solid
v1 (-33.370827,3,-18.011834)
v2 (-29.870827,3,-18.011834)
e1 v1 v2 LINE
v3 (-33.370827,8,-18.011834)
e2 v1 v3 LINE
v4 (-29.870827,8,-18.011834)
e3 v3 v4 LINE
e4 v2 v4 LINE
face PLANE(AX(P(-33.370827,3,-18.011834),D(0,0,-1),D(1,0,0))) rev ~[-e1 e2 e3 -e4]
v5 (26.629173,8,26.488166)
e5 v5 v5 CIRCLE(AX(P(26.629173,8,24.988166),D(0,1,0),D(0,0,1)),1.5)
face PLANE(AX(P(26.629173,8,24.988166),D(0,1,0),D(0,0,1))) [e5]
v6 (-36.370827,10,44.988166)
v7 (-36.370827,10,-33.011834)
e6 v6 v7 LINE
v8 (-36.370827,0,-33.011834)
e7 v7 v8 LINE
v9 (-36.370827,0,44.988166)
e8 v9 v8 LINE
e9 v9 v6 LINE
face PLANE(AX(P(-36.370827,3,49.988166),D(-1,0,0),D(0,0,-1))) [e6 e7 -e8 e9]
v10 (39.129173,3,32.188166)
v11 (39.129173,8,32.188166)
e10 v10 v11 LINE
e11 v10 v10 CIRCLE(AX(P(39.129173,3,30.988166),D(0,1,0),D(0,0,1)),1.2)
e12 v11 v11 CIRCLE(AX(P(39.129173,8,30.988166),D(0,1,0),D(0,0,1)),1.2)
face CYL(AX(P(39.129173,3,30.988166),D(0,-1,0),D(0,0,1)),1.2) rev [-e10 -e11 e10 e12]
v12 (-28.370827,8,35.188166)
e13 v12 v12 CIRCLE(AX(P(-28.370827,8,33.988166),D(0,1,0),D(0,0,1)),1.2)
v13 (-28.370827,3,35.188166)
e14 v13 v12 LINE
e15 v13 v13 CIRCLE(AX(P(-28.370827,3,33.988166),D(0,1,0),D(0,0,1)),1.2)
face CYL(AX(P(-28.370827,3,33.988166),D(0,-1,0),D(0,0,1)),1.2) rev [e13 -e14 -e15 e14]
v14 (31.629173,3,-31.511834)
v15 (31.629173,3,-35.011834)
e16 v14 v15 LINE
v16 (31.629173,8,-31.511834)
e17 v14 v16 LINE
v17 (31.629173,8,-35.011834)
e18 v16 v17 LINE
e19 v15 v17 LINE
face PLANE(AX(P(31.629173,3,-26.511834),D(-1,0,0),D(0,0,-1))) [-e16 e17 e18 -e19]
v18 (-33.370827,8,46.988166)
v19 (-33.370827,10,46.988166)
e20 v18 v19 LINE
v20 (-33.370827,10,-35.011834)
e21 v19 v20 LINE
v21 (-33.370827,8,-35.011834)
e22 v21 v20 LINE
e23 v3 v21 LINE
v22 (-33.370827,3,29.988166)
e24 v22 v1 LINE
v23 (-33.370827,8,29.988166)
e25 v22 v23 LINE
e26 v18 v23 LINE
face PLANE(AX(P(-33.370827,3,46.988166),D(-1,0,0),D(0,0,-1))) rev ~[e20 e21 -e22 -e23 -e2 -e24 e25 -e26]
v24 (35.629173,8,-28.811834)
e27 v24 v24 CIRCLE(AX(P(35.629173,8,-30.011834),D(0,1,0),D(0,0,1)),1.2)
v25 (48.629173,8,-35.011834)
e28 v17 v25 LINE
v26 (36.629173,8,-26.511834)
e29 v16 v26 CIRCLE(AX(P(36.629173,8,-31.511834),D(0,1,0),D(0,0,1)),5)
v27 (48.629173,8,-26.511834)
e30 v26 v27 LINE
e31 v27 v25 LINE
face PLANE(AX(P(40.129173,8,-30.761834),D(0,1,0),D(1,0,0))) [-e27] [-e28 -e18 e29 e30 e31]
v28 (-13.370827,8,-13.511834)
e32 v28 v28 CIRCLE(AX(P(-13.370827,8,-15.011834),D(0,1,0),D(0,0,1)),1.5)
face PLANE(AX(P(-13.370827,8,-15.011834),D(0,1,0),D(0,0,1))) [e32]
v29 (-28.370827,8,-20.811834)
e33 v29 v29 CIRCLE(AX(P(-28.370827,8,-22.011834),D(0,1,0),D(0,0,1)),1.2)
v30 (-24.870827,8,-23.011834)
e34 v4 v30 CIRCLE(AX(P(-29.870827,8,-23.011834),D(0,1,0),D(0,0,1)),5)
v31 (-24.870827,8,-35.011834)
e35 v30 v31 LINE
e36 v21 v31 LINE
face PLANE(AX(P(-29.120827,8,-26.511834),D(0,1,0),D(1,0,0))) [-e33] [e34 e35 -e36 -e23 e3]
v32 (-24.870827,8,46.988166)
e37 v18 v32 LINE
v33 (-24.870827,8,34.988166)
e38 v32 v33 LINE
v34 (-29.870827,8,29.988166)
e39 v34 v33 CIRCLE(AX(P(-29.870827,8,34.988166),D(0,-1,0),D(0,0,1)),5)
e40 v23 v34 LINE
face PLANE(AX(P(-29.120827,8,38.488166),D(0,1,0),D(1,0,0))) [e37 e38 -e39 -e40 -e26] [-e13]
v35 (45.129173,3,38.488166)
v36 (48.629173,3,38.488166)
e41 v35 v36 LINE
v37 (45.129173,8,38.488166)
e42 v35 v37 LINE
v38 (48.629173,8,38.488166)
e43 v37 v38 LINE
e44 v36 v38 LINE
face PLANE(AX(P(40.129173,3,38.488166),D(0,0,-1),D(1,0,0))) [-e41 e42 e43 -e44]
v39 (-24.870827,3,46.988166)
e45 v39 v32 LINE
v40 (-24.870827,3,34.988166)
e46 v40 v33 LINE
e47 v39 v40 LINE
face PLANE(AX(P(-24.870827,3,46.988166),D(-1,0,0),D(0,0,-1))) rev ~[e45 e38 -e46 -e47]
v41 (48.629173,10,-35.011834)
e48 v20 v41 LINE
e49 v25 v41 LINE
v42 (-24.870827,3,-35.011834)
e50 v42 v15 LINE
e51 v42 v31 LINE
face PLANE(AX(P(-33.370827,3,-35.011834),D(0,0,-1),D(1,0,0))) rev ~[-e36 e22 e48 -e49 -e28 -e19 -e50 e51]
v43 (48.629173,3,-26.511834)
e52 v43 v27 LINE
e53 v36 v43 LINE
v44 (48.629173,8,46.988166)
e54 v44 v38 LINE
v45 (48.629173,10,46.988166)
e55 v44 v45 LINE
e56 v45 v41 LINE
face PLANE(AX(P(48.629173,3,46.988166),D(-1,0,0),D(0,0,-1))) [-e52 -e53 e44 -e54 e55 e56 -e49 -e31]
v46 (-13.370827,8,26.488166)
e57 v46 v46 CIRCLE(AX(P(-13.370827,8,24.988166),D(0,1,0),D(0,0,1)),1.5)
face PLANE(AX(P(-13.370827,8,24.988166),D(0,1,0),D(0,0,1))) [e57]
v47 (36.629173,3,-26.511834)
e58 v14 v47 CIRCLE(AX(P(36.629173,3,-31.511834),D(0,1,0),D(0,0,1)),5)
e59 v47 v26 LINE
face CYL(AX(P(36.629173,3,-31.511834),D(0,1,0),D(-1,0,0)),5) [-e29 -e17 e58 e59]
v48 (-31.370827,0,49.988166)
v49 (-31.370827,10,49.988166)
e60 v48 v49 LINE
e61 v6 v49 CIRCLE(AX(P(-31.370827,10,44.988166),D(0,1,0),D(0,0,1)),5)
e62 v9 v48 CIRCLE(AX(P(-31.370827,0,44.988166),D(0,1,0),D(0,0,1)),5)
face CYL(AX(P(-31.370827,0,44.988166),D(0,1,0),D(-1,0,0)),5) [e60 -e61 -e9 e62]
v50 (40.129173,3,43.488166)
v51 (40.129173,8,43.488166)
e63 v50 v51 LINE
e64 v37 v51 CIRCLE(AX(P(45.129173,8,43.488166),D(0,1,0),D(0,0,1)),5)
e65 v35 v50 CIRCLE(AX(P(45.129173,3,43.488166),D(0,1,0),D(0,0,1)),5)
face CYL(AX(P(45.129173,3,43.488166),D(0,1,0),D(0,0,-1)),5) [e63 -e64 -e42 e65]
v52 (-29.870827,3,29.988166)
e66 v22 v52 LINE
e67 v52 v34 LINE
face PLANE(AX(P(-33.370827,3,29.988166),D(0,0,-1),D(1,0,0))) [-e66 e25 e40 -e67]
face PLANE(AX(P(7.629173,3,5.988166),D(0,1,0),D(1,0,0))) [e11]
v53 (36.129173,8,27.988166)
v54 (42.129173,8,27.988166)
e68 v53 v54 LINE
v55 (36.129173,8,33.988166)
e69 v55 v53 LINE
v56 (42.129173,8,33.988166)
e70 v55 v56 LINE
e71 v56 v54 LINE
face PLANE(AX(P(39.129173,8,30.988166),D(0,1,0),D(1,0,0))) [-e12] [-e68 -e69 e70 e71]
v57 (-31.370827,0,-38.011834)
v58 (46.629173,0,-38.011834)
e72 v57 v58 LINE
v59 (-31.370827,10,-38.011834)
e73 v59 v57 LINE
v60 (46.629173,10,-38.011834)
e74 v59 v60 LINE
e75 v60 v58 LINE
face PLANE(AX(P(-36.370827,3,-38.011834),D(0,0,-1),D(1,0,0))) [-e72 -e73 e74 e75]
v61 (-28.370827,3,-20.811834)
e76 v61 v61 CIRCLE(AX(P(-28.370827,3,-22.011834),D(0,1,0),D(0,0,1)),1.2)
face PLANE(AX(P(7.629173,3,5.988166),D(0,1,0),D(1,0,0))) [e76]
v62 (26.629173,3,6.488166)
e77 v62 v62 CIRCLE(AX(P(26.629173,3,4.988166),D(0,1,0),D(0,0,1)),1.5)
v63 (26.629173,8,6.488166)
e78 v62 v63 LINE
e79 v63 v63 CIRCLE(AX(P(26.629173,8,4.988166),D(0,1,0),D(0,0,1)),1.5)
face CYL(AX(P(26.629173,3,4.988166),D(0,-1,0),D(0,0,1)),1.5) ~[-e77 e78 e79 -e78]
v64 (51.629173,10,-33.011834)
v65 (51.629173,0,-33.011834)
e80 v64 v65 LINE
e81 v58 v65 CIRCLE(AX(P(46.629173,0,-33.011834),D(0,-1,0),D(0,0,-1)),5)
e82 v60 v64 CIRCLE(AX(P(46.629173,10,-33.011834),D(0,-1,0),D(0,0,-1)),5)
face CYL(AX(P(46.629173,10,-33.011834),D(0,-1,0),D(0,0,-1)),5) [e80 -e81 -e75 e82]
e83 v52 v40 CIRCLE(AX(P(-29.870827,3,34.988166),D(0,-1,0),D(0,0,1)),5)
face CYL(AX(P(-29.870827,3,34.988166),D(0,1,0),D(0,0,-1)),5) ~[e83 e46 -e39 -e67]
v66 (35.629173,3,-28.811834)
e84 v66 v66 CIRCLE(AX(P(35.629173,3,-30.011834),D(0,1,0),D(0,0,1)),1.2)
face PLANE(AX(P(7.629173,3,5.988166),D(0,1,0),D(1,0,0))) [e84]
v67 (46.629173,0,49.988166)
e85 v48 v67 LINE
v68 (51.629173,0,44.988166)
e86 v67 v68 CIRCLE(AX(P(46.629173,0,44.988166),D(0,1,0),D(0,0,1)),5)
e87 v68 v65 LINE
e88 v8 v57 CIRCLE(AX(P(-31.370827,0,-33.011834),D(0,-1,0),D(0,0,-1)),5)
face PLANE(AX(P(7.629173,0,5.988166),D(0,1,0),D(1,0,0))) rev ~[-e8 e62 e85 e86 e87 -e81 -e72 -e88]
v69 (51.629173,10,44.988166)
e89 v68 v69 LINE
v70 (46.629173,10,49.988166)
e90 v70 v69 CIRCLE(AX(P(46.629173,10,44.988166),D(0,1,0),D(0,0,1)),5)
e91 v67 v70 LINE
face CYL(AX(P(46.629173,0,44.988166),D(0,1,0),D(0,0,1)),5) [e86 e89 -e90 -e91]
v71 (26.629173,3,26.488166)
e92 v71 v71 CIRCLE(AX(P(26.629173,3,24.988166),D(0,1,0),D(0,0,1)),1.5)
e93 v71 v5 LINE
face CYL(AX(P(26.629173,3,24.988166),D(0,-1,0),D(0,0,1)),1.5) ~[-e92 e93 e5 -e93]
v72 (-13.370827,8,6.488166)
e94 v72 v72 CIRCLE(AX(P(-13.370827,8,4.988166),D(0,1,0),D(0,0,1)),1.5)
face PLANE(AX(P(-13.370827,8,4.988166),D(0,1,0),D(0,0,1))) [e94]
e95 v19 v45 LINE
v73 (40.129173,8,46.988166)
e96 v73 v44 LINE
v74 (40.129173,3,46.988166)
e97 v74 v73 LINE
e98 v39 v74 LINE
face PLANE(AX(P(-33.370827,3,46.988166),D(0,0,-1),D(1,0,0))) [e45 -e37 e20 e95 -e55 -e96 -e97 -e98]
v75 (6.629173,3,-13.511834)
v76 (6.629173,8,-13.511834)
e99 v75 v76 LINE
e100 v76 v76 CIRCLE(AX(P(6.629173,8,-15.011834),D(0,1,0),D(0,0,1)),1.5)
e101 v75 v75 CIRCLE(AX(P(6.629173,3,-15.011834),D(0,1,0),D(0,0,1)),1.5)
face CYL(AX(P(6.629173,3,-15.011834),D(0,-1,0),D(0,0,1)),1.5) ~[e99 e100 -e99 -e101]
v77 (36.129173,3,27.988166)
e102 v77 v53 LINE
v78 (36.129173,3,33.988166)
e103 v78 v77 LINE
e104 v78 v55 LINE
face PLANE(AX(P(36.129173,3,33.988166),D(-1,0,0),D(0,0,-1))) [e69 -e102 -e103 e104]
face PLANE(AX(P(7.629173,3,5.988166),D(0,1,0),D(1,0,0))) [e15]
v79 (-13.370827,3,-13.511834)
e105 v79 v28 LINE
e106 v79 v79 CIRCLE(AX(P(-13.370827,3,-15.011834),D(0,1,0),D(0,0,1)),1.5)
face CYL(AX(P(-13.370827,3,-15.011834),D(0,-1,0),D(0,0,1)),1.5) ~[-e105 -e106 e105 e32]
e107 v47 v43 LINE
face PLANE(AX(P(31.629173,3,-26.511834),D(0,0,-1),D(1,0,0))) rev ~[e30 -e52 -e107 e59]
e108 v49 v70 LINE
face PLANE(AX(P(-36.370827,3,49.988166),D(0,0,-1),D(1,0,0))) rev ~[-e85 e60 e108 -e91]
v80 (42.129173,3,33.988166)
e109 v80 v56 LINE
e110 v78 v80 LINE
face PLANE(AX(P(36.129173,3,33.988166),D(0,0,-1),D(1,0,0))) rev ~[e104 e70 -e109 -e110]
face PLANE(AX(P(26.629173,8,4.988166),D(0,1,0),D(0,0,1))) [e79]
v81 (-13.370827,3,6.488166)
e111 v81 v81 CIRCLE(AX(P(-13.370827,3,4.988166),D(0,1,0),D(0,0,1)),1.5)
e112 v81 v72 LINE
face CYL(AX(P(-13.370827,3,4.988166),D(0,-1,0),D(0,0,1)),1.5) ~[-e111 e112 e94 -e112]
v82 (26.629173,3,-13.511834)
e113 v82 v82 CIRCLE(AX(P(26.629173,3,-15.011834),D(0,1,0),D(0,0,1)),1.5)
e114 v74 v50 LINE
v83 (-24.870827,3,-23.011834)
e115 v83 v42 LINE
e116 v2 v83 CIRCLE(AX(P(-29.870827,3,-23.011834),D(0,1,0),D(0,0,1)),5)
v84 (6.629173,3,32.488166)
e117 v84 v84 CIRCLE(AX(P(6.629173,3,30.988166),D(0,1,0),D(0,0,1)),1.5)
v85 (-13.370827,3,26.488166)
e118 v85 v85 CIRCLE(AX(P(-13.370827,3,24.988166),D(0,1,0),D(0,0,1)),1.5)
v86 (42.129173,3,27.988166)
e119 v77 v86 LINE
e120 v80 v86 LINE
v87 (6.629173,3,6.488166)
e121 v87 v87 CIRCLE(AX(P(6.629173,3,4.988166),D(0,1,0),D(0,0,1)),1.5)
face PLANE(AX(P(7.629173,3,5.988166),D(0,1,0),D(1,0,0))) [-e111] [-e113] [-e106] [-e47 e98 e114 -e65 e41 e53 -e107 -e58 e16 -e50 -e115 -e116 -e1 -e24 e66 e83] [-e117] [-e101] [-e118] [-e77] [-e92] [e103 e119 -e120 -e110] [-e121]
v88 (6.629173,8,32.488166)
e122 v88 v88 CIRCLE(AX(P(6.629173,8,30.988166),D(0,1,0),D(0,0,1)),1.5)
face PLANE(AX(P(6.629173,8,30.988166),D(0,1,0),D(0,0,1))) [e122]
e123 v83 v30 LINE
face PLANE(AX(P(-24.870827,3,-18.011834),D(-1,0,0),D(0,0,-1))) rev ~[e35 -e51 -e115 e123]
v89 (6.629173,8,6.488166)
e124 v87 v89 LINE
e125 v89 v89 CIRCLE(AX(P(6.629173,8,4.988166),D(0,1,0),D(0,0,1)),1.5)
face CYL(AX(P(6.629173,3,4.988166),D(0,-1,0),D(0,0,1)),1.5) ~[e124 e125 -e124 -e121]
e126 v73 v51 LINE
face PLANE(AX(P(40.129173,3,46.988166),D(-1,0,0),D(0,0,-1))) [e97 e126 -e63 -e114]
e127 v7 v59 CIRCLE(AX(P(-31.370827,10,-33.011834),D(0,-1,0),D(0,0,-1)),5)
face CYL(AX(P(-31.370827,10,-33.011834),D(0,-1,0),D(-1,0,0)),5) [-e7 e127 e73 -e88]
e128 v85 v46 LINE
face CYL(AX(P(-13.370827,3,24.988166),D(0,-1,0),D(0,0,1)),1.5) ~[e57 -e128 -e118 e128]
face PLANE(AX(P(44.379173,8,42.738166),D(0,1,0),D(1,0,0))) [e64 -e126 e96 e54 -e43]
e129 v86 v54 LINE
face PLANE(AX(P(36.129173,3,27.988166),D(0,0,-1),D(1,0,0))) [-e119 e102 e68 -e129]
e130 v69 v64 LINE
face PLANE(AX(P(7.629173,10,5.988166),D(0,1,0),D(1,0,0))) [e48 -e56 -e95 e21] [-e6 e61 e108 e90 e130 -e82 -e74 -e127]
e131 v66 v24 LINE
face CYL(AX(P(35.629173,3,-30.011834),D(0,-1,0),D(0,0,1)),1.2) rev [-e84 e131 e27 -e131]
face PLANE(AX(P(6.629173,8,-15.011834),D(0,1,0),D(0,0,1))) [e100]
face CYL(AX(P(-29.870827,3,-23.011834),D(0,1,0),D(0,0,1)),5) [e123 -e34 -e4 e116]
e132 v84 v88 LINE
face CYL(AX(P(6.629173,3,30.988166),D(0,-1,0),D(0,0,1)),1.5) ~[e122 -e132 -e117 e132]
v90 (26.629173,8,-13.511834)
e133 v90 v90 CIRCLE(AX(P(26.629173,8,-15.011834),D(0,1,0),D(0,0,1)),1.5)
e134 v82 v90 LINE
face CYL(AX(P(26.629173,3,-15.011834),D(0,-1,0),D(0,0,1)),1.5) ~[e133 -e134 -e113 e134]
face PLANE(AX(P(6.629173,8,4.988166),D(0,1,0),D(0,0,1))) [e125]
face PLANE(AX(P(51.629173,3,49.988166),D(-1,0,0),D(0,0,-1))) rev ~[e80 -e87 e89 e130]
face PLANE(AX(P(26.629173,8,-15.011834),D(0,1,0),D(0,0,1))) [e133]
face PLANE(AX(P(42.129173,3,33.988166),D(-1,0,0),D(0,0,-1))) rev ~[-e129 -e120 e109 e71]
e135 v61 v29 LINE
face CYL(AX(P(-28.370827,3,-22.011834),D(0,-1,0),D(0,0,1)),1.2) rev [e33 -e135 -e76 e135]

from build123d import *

# Parameters (mm, degrees)
SKETCH_1_W      = 88
SKETCH_1_H      = 88
EXTRUDE_1_DEPTH = 3
SKETCH_2_W      = 88
SKETCH_2_H      = 88
SKETCH_2_W_2    = 82
SKETCH_2_H_2    = 82
EXTRUDE_2_DEPTH = 7
SKETCH_3_R      = 1.5
SKETCH_3_W      = 8.5
SKETCH_3_H      = 17
SKETCH_3_R_2    = 1.2
SKETCH_3_W_2    = 17
SKETCH_3_H_2    = 8.5
SKETCH_3_W_3    = 6
SKETCH_3_H_3    = 6
EXTRUDE_3_DEPTH = 5
FILLET_1_R      = 5


with BuildPart() as part:
    # 草圖1 → 填料-伸長1 (new body)
    with BuildSketch(Plane(origin=(0, 0, 0), x_dir=(1, 0, 0), z_dir=(0, 1, 0))):
        with Locations((7.62917335, -5.98816568)):
            Rectangle(SKETCH_1_W, SKETCH_1_H)
    extrude(amount=EXTRUDE_1_DEPTH)

    # 草圖2 → 填料-伸長2 (add)
    with BuildSketch(Plane(origin=(0, 3, 0), x_dir=(1, 0, 0), z_dir=(0, 1, 0))):
        with Locations((7.62917335, -5.98816568)):
            Rectangle(SKETCH_2_W, SKETCH_2_H)
        with Locations((7.62917335, -5.98816568)):
            Rectangle(SKETCH_2_W_2, SKETCH_2_H_2, mode=Mode.SUBTRACT)
    extrude(amount=EXTRUDE_2_DEPTH)

    # 草圖3 → 填料-伸長3 (add)
    # profile 1 of 14: a face of its own
    with BuildSketch(Plane(origin=(0, 3, 0), x_dir=(1, 0, 0), z_dir=(0, 1, 0))):
        with Locations(Location((-13.37082665, 15.01183432, 0), (0, 0, 270))):
            Circle(SKETCH_3_R)
    # profile 2 of 14: a face of its own
    with BuildSketch(Plane(origin=(0, 3, 0), x_dir=(1, 0, 0), z_dir=(0, 1, 0))):
        with Locations(Location((6.62917335, 15.01183432, 0), (0, 0, 270))):
            Circle(SKETCH_3_R)
    # profile 3 of 14: a face of its own
    with BuildSketch(Plane(origin=(0, 3, 0), x_dir=(1, 0, 0), z_dir=(0, 1, 0))):
        with Locations(Location((26.62917335, 15.01183432, 0), (0, 0, 270))):
            Circle(SKETCH_3_R)
    # profile 4 of 14: a face of its own
    with BuildSketch(Plane(origin=(0, 3, 0), x_dir=(1, 0, 0), z_dir=(0, 1, 0))):
        with Locations(Location((6.62917335, -4.98816568, 0), (0, 0, 270))):
            Circle(SKETCH_3_R)
    # profile 5 of 14: a face of its own
    with BuildSketch(Plane(origin=(0, 3, 0), x_dir=(1, 0, 0), z_dir=(0, 1, 0))):
        with Locations(Location((26.62917335, -4.98816568, 0), (0, 0, 270))):
            Circle(SKETCH_3_R)
    # profile 6 of 14: a face of its own
    with BuildSketch(Plane(origin=(0, 3, 0), x_dir=(1, 0, 0), z_dir=(0, 1, 0))):
        with Locations(Location((26.62917335, -24.98816568, 0), (0, 0, 270))):
            Circle(SKETCH_3_R)
    # profile 7 of 14: a face of its own
    with BuildSketch(Plane(origin=(0, 3, 0), x_dir=(1, 0, 0), z_dir=(0, 1, 0))):
        with Locations(Location((-13.37082665, -4.98816568, 0), (0, 0, 270))):
            Circle(SKETCH_3_R)
    # profile 8 of 14: a face of its own
    with BuildSketch(Plane(origin=(0, 3, 0), x_dir=(1, 0, 0), z_dir=(0, 1, 0))):
        with Locations(Location((-13.37082665, -24.98816568, 0), (0, 0, 270))):
            Circle(SKETCH_3_R)
    # profile 9 of 14: a face of its own
    with BuildSketch(Plane(origin=(0, 3, 0), x_dir=(1, 0, 0), z_dir=(0, 1, 0))):
        with Locations(Location((6.62917335, -30.98816568, 0), (0, 0, 270))):
            Circle(SKETCH_3_R)
    # profile 10 of 14: a face of its own
    with BuildSketch(Plane(origin=(0, 3, 0), x_dir=(1, 0, 0), z_dir=(0, 1, 0))):
        with Locations((-29.12082665, 26.51183432)):
            Rectangle(SKETCH_3_W, SKETCH_3_H)
        with Locations(Location((-28.37082665, 22.01183432, 0), (0, 0, 270))):
            Circle(SKETCH_3_R_2, mode=Mode.SUBTRACT)
    # profile 11 of 14: a face of its own
    with BuildSketch(Plane(origin=(0, 3, 0), x_dir=(1, 0, 0), z_dir=(0, 1, 0))):
        with Locations((-29.12082665, -38.48816568)):
            Rectangle(SKETCH_3_W, SKETCH_3_H)
        with Locations(Location((-28.37082665, -33.98816568, 0), (0, 0, 270))):
            Circle(SKETCH_3_R_2, mode=Mode.SUBTRACT)
    # profile 12 of 14: a face of its own
    with BuildSketch(Plane(origin=(0, 3, 0), x_dir=(1, 0, 0), z_dir=(0, 1, 0))):
        with Locations((40.12917335, 30.76183432)):
            Rectangle(SKETCH_3_W_2, SKETCH_3_H_2)
        with Locations(Location((35.62917335, 30.01183432, 0), (0, 0, 270))):
            Circle(SKETCH_3_R_2, mode=Mode.SUBTRACT)
    # profile 13 of 14: a face of its own
    with BuildSketch(Plane(origin=(0, 3, 0), x_dir=(1, 0, 0), z_dir=(0, 1, 0))):
        with Locations((44.37917335, -42.73816568)):
            Rectangle(SKETCH_3_W, SKETCH_3_H_2)
    # profile 14 of 14: a face of its own
    with BuildSketch(Plane(origin=(0, 3, 0), x_dir=(1, 0, 0), z_dir=(0, 1, 0))):
        with Locations((39.12917335, -30.98816568)):
            Rectangle(SKETCH_3_W_3, SKETCH_3_H_3)
        with Locations(Location((39.12917335, -30.98816568, 0), (0, 0, 270))):
            Circle(SKETCH_3_R_2, mode=Mode.SUBTRACT)
    extrude(amount=EXTRUDE_3_DEPTH)

    # 圓角1
    fillet_1_edges = [part.edges().sort_by_distance(p)[0] for p in [
        (-24.87082665, 5.5, -18.01183432),
        (-24.87082665, 5.5, 29.98816568),
        (31.62917335, 5.5, -26.51183432),
        (-36.37082665, 5, -38.01183432),
        (51.62917335, 5, -38.01183432),
        (51.62917335, 5, 49.98816568),
        (-36.37082665, 5, 49.98816568),
        (40.12917335, 5.5, 38.48816568),
    ]]
    fillet(fillet_1_edges, radius=FILLET_1_R)


solid = part.part
